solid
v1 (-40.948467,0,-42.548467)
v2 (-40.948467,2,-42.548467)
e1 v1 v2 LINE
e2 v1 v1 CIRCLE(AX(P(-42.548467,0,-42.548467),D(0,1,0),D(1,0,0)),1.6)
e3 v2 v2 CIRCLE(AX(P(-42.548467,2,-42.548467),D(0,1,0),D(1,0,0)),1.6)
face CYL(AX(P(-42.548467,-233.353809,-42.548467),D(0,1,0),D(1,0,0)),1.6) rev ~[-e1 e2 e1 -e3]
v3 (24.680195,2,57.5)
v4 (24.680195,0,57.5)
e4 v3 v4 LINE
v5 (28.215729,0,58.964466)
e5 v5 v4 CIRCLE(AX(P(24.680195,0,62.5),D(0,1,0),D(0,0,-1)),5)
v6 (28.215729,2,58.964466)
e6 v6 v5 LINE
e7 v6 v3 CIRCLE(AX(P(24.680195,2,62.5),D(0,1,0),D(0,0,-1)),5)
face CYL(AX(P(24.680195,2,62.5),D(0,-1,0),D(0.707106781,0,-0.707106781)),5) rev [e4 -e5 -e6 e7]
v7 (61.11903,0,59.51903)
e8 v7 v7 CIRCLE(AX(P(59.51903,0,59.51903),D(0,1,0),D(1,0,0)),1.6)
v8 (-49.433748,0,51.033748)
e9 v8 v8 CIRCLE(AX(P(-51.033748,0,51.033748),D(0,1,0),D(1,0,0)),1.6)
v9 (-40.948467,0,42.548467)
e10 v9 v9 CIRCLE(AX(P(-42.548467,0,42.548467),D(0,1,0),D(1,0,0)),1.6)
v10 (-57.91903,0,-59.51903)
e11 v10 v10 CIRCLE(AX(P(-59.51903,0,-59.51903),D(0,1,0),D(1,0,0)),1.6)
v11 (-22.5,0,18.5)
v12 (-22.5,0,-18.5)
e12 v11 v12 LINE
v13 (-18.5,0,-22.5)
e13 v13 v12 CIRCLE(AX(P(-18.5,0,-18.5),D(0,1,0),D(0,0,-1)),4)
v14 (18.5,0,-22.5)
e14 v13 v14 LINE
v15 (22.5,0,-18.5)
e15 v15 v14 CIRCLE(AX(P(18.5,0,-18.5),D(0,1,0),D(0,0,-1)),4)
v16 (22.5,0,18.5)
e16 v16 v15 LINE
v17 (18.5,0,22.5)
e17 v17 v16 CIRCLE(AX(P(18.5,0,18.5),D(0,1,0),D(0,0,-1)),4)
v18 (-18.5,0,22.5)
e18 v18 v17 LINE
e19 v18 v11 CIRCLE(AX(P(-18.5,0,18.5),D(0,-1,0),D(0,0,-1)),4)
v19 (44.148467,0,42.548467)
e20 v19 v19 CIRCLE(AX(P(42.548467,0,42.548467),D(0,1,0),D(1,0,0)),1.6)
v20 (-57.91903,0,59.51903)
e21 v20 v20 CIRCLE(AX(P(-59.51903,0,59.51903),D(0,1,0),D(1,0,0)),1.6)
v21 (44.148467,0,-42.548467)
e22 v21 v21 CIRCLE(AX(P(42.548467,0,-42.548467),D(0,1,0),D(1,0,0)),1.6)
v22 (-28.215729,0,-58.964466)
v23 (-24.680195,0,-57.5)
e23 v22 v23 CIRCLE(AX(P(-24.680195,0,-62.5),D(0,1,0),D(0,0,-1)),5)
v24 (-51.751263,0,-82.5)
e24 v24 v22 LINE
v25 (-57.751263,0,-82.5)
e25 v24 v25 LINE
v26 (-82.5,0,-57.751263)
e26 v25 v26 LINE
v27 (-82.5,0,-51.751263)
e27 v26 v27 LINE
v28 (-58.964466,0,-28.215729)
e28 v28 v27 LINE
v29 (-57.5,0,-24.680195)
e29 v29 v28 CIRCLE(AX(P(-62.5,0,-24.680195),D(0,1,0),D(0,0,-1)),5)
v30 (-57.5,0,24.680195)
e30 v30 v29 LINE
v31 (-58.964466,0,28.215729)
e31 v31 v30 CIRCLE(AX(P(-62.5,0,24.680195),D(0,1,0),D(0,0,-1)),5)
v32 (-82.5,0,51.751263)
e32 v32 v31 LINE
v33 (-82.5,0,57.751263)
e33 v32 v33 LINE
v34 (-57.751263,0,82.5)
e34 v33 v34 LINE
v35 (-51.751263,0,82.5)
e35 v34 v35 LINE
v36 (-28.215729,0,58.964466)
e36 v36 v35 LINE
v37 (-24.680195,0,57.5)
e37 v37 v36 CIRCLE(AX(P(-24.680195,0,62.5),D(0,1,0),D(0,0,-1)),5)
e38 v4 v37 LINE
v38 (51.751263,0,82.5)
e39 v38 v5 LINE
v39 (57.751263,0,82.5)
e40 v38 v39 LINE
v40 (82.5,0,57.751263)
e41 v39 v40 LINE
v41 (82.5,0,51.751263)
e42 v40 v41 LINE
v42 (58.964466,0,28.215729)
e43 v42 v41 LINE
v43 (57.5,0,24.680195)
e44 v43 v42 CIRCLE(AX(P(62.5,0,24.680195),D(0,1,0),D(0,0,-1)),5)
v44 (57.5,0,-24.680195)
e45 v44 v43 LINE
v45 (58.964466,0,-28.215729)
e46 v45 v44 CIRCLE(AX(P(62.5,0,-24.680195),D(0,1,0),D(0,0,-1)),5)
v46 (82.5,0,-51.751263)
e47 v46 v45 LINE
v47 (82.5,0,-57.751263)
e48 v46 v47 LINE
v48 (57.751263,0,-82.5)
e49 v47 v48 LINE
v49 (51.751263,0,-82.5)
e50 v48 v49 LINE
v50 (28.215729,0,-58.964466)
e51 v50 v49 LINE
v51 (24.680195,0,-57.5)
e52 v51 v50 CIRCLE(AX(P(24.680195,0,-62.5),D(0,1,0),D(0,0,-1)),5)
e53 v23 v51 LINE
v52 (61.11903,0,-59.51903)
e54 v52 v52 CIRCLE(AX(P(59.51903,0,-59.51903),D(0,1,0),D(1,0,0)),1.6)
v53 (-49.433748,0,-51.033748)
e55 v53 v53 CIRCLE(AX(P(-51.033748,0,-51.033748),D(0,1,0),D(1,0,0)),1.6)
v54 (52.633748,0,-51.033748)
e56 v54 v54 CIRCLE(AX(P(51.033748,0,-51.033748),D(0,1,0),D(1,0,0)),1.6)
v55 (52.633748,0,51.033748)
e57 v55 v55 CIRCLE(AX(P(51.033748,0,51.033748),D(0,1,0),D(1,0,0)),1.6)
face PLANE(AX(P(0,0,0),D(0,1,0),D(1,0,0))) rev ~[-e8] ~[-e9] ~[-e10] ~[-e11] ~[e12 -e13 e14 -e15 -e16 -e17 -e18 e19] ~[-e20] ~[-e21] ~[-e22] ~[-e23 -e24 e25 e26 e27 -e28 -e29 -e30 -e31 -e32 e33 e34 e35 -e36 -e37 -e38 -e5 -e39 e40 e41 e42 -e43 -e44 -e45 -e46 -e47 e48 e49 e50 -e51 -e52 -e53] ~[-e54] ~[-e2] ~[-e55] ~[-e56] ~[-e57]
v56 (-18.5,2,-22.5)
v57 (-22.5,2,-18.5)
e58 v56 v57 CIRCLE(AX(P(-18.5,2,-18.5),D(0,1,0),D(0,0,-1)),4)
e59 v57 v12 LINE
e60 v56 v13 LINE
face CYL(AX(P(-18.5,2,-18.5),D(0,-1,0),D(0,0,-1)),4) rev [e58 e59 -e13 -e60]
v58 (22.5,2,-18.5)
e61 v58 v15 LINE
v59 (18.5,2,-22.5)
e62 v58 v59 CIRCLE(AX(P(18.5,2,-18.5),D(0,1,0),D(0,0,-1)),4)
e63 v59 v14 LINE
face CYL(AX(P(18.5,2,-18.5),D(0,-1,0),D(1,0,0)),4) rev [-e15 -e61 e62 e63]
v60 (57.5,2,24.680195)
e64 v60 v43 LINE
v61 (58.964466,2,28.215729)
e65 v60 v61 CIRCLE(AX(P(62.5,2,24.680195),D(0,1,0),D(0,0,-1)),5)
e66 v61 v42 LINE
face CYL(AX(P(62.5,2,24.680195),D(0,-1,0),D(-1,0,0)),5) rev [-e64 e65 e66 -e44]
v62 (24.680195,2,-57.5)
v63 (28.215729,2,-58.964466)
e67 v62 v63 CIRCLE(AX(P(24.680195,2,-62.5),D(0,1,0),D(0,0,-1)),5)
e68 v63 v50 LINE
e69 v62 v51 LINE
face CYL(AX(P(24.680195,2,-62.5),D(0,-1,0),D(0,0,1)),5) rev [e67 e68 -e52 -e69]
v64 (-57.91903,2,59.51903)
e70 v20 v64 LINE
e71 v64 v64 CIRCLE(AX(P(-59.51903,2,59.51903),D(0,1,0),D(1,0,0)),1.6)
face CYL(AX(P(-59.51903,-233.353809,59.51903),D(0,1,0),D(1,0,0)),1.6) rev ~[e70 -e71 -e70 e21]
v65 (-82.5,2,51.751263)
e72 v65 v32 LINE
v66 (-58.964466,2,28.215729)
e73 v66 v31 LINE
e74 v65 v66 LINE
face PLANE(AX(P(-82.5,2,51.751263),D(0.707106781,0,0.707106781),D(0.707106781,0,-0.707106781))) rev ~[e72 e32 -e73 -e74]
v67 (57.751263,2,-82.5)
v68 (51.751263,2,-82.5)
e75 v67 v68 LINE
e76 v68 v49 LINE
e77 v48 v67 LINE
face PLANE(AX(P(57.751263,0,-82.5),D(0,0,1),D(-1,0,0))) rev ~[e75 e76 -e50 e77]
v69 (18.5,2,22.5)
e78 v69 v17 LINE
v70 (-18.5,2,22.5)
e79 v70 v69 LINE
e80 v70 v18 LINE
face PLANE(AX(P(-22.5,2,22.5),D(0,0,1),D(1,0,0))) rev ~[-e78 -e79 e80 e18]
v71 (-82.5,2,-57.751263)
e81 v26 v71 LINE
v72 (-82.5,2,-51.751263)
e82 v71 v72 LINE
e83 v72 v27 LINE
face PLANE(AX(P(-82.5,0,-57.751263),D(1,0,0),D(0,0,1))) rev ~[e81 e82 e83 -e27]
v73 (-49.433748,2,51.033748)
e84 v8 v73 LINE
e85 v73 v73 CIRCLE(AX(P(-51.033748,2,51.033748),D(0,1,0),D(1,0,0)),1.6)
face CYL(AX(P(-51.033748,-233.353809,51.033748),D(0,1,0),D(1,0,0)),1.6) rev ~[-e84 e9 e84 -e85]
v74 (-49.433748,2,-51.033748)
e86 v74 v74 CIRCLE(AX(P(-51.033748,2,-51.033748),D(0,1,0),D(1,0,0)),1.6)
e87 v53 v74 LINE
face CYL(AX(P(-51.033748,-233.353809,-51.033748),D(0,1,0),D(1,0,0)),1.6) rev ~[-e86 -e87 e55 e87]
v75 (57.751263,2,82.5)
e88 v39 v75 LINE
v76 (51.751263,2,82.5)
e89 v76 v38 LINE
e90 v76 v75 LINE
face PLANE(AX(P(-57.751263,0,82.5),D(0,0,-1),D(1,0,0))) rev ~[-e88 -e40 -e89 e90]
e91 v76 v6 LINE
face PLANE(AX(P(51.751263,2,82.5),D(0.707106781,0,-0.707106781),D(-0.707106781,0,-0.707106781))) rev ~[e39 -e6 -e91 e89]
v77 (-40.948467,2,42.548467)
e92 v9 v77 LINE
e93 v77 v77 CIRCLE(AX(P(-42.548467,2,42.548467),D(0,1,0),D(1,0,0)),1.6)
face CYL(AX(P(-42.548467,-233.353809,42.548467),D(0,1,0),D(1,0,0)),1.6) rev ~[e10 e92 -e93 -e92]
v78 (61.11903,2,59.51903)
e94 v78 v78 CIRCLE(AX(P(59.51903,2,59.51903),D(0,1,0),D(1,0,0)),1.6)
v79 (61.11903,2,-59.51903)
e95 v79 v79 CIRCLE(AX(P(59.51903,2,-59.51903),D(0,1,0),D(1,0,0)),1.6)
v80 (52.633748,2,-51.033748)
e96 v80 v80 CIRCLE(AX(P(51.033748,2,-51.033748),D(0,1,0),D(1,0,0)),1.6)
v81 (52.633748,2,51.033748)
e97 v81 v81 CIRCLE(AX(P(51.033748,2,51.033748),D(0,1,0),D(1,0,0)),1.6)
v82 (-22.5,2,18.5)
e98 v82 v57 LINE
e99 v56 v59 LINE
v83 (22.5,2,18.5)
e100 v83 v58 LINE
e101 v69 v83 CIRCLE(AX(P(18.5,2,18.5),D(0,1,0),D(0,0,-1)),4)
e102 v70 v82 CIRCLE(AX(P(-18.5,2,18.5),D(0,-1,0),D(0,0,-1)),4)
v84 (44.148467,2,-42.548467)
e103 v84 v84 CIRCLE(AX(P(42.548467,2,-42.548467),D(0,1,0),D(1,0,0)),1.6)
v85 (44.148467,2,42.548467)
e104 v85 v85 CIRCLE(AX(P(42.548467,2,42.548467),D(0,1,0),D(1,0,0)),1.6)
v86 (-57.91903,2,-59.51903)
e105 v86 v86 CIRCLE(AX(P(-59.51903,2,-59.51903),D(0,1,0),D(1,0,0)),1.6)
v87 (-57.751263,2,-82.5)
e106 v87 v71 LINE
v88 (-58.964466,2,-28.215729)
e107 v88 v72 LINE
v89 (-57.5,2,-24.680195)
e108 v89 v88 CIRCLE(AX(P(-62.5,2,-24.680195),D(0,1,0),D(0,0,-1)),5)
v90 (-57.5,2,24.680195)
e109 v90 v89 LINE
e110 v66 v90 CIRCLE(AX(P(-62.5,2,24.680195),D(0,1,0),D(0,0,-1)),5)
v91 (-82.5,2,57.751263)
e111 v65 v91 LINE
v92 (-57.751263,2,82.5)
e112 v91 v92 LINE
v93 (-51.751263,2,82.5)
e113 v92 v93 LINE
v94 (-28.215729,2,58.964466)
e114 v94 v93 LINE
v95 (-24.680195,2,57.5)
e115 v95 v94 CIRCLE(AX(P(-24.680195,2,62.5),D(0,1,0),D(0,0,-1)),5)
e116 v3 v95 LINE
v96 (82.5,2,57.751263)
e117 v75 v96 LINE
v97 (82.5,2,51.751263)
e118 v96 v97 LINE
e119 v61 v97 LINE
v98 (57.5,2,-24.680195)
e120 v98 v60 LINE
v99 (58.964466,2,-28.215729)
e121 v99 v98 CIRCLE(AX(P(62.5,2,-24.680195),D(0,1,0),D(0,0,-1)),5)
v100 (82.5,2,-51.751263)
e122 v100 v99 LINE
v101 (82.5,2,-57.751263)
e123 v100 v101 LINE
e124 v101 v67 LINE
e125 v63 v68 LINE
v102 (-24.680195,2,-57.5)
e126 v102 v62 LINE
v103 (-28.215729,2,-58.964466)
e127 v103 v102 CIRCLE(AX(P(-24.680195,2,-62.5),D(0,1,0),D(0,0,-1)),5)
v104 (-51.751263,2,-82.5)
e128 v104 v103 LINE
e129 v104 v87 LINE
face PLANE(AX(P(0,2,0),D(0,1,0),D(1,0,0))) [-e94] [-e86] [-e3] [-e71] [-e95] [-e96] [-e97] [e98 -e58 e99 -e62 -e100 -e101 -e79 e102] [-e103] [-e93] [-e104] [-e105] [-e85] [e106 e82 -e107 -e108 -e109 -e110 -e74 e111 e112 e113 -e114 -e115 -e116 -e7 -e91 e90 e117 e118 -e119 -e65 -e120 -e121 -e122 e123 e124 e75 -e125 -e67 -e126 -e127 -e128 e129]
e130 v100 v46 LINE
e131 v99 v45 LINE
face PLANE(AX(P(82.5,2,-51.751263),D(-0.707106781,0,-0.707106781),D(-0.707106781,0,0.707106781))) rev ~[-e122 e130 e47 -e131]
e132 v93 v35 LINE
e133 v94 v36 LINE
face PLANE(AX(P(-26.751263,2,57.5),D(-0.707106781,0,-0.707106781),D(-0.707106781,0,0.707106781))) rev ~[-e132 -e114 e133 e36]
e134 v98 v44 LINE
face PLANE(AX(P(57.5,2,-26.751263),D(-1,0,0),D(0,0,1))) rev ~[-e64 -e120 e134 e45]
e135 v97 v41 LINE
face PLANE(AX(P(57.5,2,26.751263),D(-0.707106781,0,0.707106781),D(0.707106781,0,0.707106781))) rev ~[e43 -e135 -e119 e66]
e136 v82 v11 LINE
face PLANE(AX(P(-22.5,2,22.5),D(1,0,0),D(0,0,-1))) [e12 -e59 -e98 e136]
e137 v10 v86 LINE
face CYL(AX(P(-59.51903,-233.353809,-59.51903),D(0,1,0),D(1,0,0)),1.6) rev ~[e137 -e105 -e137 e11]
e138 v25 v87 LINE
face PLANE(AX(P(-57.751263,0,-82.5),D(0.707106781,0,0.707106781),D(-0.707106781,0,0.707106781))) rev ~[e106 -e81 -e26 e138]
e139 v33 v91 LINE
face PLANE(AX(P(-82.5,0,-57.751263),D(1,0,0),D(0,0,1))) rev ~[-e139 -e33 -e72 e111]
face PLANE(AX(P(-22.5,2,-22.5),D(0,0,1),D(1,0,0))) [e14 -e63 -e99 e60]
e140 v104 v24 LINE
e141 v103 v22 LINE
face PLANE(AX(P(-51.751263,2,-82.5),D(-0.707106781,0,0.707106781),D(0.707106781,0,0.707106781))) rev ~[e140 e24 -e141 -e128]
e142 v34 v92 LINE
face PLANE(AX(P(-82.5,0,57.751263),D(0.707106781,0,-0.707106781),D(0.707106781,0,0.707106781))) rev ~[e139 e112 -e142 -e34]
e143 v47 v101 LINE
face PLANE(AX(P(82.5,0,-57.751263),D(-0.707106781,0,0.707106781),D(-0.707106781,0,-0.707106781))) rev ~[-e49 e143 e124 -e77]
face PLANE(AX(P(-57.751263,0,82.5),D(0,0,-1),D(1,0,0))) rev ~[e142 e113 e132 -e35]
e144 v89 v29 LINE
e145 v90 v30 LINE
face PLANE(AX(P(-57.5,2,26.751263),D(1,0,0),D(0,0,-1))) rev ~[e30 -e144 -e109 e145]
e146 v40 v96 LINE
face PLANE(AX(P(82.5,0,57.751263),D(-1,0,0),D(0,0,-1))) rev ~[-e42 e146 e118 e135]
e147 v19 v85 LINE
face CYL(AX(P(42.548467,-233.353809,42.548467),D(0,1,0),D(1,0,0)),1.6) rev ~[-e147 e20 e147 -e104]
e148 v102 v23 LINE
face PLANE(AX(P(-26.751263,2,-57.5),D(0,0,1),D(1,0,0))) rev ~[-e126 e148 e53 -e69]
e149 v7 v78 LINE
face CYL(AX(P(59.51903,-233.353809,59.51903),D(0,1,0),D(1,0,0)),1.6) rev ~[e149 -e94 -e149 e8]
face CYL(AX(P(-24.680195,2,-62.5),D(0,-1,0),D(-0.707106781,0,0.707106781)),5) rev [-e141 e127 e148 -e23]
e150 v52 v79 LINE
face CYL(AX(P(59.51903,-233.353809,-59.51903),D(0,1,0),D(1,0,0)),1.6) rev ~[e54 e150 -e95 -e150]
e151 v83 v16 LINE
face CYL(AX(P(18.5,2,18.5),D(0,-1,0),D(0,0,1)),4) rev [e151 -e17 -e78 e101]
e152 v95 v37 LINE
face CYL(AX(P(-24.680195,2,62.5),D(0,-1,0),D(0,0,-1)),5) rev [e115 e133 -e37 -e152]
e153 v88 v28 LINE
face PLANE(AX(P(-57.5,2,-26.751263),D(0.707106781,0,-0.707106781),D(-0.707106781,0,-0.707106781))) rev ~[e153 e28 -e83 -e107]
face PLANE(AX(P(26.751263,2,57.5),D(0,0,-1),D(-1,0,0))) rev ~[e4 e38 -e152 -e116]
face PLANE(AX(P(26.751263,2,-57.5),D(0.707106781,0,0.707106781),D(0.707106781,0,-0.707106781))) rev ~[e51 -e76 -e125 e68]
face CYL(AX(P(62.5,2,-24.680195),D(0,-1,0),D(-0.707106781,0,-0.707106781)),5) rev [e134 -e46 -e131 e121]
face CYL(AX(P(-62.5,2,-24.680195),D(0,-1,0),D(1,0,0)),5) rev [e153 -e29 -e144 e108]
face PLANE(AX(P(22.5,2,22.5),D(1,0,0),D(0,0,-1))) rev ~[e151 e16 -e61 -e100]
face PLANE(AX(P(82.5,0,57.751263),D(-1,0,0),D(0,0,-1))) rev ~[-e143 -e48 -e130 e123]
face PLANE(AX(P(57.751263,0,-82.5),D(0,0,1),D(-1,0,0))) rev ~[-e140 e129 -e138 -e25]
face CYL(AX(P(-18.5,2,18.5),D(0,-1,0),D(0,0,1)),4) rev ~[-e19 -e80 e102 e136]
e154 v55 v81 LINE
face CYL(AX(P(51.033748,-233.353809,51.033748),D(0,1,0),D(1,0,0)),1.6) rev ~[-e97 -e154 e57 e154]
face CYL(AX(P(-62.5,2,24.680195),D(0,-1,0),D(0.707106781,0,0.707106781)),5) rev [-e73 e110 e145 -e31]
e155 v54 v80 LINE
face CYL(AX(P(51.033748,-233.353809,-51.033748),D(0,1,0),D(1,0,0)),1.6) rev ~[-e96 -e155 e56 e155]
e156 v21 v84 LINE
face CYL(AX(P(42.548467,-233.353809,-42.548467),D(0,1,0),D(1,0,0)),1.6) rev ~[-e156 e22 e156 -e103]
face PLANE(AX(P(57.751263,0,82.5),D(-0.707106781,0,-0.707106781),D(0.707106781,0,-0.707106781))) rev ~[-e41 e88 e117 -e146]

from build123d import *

# Parameters (mm, degrees)
BOSS_EXTRUDE1_DEPTH  = 2
SKETCH2_W            = 45
SKETCH2_H            = 45
CUT_EXTRUDE1_DEPTH   = 117.689759619
FILLET1_R            = 4
CUT_EXTRUDE2_DEPTH   = 117.689759619
FILLET2_R            = 5
M3_CLEARANCE_HOLE1_D = 3.2


with BuildPart() as part:
    # Sketch1 → Boss-Extrude1 (new body)
    with BuildSketch(Plane(origin=(0, 0, 0), x_dir=(1, 0, 0), z_dir=(0, 1, 0))):
        Polygon((-57.751262658, 82.5), (-82.5, 57.751262658), (-82.5, -57.751262658), (-57.751262658, -82.5), (57.751262658, -82.5), (82.5, -57.751262658), (82.5, 57.751262658), (57.751262658, 82.5), align=None)
    extrude(amount=BOSS_EXTRUDE1_DEPTH)

    # Sketch2 → Cut-Extrude1 (cut, through all)
    with BuildSketch(Plane(origin=(0, 2, 0), x_dir=(1, 0, 0), z_dir=(0, 1, 0))):
        Rectangle(SKETCH2_W, SKETCH2_H)
    extrude(amount=-CUT_EXTRUDE1_DEPTH, mode=Mode.SUBTRACT)

    # Fillet1
    fillet1_edges = [part.edges().sort_by_distance(p)[0] for p in [
        (22.5, 1, -22.5),
        (22.5, 1, 22.5),
        (-22.5, 1, 22.5),
        (-22.5, 1, -22.5),
    ]]
    fillet(fillet1_edges, radius=FILLET1_R)

    # Sketch3 → Cut-Extrude2 (cut, through all)
    with BuildSketch(Plane(origin=(0, 2, 0), x_dir=(1, 0, 0), z_dir=(0, 1, 0))):
        Polygon((57.5, -26.751262658), (82.5, -51.751262658), (82.5, 51.751262658), (57.5, 26.751262658), align=None)
        Polygon((-51.751262658, -82.5), (51.751262658, -82.5), (26.751262658, -57.5), (-26.751262658, -57.5), align=None)
        Polygon((-57.5, 26.751262658), (-82.5, 51.751262658), (-82.5, -51.751262658), (-57.5, -26.751262658), align=None)
        Polygon((26.751262658, 57.5), (51.751262658, 82.5), (-51.751262658, 82.5), (-26.751262658, 57.5), align=None)
    extrude(amount=-CUT_EXTRUDE2_DEPTH, mode=Mode.SUBTRACT)

    # Fillet2
    fillet2_edges = [part.edges().sort_by_distance(p)[0] for p in [
        (-26.751262658, 1, -57.5),
        (26.751262658, 1, -57.5),
        (57.5, 1, 26.751262658),
        (57.5, 1, -26.751262658),
        (-26.751262658, 1, 57.5),
        (26.751262658, 1, 57.5),
        (-57.5, 1, -26.751262658),
        (-57.5, 1, 26.751262658),
    ]]
    fillet(fillet2_edges, radius=FILLET2_R)

    # M3 Clearance Hole1 (through all)
    with Locations(Plane(origin=(0, 0, 0), x_dir=(-1, 0, 0), z_dir=(0, -1, 0))):
        with Locations((-59.519029611, 59.519029611), (59.519029611, -59.519029611), (51.033748237, -51.033748237), (42.548466863, -42.548466863), (-59.519029611, -59.519029611), (-51.033748237, -51.033748237), (-42.548466863, -42.548466863), (59.519029611, 59.519029611), (51.033748237, 51.033748237), (42.548466863, 42.548466863), (-42.548466863, 42.548466863), (-51.033748237, 51.033748237)):
            Hole(M3_CLEARANCE_HOLE1_D / 2)


solid = part.part
